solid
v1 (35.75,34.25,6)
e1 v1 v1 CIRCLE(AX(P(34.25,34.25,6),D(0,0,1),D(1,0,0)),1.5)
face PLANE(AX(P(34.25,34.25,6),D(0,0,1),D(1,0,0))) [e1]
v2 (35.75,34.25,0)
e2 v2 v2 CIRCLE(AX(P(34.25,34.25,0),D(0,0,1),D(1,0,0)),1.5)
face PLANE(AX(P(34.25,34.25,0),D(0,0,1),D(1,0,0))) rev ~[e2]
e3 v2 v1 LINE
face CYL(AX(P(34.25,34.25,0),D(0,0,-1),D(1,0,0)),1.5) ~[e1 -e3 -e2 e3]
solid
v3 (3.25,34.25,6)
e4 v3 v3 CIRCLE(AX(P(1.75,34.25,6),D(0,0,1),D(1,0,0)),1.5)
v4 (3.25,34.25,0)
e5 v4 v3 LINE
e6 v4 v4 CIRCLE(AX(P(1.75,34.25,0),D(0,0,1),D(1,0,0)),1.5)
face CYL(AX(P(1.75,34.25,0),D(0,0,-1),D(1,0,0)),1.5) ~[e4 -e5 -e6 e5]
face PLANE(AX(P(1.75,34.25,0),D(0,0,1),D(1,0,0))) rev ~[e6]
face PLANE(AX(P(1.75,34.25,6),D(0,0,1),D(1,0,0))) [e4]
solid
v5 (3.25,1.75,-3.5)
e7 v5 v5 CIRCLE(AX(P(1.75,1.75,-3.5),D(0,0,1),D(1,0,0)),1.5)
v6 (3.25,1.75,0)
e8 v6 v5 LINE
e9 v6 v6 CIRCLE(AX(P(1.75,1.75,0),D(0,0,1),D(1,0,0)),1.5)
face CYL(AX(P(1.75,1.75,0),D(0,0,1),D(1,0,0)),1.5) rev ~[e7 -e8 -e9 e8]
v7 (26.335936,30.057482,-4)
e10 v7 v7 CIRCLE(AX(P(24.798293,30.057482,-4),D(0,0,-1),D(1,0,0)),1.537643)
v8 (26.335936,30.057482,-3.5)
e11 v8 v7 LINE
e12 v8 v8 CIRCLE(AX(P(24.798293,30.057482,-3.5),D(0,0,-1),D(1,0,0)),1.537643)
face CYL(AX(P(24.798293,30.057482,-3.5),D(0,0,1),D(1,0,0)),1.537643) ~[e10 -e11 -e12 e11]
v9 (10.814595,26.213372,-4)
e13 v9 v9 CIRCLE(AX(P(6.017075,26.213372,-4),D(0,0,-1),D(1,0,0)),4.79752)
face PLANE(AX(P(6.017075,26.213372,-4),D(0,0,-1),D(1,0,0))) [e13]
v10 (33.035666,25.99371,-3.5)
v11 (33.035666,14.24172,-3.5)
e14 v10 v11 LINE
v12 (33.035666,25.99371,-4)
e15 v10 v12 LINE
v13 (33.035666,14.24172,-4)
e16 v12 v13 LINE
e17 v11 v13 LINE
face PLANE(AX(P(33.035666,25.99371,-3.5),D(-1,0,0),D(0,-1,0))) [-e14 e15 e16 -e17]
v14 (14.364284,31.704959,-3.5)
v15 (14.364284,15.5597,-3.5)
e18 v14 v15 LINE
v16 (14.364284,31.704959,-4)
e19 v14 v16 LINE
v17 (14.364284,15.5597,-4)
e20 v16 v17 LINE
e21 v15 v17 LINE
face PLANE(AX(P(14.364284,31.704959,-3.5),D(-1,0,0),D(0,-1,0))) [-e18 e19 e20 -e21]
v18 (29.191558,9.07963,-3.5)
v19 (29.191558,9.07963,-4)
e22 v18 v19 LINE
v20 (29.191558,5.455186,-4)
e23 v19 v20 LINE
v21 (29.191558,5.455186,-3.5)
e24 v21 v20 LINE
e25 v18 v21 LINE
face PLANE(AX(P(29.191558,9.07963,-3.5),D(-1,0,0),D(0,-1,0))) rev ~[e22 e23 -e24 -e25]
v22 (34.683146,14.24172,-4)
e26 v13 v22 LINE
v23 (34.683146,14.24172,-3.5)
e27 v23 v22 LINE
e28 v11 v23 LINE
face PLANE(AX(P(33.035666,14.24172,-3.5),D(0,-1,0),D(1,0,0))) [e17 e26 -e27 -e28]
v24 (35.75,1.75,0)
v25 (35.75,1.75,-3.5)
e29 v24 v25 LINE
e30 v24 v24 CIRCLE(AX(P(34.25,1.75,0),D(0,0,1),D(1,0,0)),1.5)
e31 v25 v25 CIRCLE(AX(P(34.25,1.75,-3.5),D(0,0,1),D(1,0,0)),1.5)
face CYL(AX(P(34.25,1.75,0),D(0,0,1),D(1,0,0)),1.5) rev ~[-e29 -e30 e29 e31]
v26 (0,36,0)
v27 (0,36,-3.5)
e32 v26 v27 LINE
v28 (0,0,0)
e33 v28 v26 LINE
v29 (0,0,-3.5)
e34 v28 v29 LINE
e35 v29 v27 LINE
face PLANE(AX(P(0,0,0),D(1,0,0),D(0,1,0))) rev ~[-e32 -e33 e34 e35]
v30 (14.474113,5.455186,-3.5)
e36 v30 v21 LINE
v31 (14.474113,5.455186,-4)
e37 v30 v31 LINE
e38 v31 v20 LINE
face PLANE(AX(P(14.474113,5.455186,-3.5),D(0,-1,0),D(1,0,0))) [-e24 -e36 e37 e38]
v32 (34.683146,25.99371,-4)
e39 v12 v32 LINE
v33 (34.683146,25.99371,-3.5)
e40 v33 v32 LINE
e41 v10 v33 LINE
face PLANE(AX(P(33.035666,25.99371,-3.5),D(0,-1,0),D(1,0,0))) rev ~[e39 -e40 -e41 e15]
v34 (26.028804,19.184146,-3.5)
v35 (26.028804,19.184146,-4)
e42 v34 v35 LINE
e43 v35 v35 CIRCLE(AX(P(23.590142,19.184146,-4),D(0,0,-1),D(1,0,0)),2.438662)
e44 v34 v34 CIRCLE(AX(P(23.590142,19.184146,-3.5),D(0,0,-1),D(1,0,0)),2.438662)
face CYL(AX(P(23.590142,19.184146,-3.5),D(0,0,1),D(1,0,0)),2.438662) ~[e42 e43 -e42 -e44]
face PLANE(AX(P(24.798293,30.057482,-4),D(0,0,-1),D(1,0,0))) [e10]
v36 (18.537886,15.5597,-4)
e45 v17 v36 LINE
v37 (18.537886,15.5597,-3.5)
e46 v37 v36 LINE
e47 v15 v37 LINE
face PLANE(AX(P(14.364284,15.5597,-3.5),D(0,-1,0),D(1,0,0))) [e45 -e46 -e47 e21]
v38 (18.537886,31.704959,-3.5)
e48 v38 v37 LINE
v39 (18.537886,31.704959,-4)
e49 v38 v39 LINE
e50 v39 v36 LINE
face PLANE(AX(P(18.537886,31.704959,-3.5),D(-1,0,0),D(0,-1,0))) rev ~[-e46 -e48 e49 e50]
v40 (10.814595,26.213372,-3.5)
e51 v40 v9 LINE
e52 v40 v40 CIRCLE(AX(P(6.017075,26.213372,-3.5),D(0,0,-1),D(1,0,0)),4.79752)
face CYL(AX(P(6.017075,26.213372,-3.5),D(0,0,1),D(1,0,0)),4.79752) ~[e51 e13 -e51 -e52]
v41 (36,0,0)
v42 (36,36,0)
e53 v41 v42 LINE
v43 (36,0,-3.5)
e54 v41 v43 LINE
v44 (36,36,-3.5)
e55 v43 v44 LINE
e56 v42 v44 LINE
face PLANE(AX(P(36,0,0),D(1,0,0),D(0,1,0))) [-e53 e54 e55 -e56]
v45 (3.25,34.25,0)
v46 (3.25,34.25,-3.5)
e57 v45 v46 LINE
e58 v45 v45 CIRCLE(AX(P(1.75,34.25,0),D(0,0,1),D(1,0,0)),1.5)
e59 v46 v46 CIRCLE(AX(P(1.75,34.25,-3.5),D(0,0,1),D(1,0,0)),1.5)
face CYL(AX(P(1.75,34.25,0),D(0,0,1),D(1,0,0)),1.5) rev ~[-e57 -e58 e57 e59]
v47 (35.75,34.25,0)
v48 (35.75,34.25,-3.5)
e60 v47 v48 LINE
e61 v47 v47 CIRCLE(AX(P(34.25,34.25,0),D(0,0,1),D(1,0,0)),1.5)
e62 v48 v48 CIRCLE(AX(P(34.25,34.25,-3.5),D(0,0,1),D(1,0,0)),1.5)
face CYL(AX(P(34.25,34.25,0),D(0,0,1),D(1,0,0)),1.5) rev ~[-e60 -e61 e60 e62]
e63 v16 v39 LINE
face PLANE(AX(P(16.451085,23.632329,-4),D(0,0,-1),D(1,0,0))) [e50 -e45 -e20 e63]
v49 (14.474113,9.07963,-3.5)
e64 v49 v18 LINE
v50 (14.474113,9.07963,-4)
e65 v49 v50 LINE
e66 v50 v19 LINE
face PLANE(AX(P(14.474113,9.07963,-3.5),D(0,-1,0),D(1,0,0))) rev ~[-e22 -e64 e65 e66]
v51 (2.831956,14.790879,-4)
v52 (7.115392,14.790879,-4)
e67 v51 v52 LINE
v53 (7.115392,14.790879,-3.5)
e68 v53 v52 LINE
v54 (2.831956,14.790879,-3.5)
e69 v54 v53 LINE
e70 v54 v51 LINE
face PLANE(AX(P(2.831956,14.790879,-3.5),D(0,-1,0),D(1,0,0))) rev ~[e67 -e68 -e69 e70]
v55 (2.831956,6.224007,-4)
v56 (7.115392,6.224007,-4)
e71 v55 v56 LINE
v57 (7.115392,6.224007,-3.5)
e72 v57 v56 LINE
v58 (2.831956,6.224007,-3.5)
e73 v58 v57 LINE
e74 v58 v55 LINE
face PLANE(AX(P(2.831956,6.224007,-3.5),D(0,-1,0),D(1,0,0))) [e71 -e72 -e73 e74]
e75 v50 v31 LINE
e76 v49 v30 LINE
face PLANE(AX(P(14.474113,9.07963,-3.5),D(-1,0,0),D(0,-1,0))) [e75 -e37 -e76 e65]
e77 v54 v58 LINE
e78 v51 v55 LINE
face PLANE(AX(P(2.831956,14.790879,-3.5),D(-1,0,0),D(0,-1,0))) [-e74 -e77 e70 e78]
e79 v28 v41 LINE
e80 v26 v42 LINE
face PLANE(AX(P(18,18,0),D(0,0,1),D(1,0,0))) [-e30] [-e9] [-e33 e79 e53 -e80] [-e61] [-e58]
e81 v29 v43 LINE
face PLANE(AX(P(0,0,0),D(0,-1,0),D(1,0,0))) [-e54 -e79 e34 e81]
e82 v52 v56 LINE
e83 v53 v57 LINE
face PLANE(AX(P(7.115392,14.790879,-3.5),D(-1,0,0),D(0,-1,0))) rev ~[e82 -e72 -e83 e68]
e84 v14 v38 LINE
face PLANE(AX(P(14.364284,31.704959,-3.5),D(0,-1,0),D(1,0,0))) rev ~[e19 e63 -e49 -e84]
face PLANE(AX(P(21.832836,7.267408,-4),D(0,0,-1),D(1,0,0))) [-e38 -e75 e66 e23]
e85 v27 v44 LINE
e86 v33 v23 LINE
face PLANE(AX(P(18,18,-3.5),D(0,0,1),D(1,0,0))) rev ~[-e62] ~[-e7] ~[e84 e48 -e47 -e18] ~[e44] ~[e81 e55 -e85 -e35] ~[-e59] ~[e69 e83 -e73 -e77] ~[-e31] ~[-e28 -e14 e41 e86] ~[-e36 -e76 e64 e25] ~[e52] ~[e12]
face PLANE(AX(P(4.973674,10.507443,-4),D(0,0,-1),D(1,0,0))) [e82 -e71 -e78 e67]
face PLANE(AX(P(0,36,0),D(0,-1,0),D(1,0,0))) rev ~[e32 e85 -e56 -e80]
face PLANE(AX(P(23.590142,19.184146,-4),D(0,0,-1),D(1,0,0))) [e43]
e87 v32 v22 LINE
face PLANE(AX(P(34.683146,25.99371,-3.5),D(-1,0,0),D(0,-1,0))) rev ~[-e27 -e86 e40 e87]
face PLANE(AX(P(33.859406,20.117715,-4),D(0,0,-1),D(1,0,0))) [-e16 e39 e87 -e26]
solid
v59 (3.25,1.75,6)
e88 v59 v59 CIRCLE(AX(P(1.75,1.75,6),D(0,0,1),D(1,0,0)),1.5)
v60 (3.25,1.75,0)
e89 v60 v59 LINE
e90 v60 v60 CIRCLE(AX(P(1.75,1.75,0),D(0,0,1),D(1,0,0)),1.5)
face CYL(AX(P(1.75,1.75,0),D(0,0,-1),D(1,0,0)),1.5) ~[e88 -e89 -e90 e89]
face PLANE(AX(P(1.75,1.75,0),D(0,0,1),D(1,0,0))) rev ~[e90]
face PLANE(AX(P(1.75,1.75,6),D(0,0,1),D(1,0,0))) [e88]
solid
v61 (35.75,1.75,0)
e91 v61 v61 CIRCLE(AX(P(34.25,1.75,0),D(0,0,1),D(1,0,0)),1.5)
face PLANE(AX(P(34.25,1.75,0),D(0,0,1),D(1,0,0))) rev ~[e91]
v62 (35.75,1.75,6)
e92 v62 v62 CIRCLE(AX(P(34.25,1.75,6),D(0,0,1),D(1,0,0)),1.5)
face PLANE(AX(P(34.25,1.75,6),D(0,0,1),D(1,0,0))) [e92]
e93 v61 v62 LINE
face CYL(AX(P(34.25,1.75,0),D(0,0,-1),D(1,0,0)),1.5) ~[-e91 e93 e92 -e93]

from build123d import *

# Parameters (mm, degrees)
F0_R     = 1.5
F1_DEPTH = 6
F0_W     = 36
F0_H     = 36
F2_DEPTH = 3.5
F3_W     = 4.283436
F3_H     = 8.566872
F3_W_2   = 14.717445
F3_H_2   = 3.624444
F3_R     = 2.438662
F3_W_3   = 1.64748
F3_H_3   = 11.75199
F3_R_2   = 1.537643
F3_W_4   = 4.173603
F3_H_4   = 16.145259
F3_R_3   = 4.79752
F4_DEPTH = 0.5


with BuildPart() as f1:
    # F0 (on Top) → F1 (new body)
    with BuildSketch(Plane.XY):
        with Locations((1.75, 34.25)):
            Circle(F0_R)
        with Locations((34.25, 34.25)):
            Circle(F0_R)
        with Locations((34.25, 1.75)):
            Circle(F0_R)
        with Locations((1.75, 1.75)):
            Circle(F0_R)
    extrude(amount=F1_DEPTH)


with BuildPart() as f2:
    # F0 (on Top) → F2 (new body)
    with BuildSketch(Plane.XY):
        with Locations((18, 18)):
            Rectangle(F0_W, F0_H)
        with Locations((1.75, 1.75)):
            Circle(F0_R, mode=Mode.SUBTRACT)
        with Locations((34.25, 1.75)):
            Circle(F0_R, mode=Mode.SUBTRACT)
        with Locations((1.75, 34.25)):
            Circle(F0_R, mode=Mode.SUBTRACT)
        with Locations((34.25, 34.25)):
            Circle(F0_R, mode=Mode.SUBTRACT)
    extrude(amount=-F2_DEPTH)

    # F3 (on face) → F4 (join)
    with BuildSketch(Plane(origin=(0, 0, -3.5), x_dir=(1, 0, 0), z_dir=(0, 0, -1))):
        with Locations((4.973674, -10.507443)):
            Rectangle(F3_W, F3_H)
        with Locations((21.832836, -7.267408)):
            Rectangle(F3_W_2, F3_H_2)
        with Locations((23.590142, -19.184146)):
            Circle(F3_R)
        with Locations((33.859406, -20.117715)):
            Rectangle(F3_W_3, F3_H_3)
        with Locations((24.798293, -30.057482)):
            Circle(F3_R_2)
        with Locations((16.451085, -23.632329)):
            Rectangle(F3_W_4, F3_H_4)
        with Locations((6.017075, -26.213372)):
            Circle(F3_R_3)
    extrude(amount=F4_DEPTH)


solid = Compound([f1.part, f2.part])
